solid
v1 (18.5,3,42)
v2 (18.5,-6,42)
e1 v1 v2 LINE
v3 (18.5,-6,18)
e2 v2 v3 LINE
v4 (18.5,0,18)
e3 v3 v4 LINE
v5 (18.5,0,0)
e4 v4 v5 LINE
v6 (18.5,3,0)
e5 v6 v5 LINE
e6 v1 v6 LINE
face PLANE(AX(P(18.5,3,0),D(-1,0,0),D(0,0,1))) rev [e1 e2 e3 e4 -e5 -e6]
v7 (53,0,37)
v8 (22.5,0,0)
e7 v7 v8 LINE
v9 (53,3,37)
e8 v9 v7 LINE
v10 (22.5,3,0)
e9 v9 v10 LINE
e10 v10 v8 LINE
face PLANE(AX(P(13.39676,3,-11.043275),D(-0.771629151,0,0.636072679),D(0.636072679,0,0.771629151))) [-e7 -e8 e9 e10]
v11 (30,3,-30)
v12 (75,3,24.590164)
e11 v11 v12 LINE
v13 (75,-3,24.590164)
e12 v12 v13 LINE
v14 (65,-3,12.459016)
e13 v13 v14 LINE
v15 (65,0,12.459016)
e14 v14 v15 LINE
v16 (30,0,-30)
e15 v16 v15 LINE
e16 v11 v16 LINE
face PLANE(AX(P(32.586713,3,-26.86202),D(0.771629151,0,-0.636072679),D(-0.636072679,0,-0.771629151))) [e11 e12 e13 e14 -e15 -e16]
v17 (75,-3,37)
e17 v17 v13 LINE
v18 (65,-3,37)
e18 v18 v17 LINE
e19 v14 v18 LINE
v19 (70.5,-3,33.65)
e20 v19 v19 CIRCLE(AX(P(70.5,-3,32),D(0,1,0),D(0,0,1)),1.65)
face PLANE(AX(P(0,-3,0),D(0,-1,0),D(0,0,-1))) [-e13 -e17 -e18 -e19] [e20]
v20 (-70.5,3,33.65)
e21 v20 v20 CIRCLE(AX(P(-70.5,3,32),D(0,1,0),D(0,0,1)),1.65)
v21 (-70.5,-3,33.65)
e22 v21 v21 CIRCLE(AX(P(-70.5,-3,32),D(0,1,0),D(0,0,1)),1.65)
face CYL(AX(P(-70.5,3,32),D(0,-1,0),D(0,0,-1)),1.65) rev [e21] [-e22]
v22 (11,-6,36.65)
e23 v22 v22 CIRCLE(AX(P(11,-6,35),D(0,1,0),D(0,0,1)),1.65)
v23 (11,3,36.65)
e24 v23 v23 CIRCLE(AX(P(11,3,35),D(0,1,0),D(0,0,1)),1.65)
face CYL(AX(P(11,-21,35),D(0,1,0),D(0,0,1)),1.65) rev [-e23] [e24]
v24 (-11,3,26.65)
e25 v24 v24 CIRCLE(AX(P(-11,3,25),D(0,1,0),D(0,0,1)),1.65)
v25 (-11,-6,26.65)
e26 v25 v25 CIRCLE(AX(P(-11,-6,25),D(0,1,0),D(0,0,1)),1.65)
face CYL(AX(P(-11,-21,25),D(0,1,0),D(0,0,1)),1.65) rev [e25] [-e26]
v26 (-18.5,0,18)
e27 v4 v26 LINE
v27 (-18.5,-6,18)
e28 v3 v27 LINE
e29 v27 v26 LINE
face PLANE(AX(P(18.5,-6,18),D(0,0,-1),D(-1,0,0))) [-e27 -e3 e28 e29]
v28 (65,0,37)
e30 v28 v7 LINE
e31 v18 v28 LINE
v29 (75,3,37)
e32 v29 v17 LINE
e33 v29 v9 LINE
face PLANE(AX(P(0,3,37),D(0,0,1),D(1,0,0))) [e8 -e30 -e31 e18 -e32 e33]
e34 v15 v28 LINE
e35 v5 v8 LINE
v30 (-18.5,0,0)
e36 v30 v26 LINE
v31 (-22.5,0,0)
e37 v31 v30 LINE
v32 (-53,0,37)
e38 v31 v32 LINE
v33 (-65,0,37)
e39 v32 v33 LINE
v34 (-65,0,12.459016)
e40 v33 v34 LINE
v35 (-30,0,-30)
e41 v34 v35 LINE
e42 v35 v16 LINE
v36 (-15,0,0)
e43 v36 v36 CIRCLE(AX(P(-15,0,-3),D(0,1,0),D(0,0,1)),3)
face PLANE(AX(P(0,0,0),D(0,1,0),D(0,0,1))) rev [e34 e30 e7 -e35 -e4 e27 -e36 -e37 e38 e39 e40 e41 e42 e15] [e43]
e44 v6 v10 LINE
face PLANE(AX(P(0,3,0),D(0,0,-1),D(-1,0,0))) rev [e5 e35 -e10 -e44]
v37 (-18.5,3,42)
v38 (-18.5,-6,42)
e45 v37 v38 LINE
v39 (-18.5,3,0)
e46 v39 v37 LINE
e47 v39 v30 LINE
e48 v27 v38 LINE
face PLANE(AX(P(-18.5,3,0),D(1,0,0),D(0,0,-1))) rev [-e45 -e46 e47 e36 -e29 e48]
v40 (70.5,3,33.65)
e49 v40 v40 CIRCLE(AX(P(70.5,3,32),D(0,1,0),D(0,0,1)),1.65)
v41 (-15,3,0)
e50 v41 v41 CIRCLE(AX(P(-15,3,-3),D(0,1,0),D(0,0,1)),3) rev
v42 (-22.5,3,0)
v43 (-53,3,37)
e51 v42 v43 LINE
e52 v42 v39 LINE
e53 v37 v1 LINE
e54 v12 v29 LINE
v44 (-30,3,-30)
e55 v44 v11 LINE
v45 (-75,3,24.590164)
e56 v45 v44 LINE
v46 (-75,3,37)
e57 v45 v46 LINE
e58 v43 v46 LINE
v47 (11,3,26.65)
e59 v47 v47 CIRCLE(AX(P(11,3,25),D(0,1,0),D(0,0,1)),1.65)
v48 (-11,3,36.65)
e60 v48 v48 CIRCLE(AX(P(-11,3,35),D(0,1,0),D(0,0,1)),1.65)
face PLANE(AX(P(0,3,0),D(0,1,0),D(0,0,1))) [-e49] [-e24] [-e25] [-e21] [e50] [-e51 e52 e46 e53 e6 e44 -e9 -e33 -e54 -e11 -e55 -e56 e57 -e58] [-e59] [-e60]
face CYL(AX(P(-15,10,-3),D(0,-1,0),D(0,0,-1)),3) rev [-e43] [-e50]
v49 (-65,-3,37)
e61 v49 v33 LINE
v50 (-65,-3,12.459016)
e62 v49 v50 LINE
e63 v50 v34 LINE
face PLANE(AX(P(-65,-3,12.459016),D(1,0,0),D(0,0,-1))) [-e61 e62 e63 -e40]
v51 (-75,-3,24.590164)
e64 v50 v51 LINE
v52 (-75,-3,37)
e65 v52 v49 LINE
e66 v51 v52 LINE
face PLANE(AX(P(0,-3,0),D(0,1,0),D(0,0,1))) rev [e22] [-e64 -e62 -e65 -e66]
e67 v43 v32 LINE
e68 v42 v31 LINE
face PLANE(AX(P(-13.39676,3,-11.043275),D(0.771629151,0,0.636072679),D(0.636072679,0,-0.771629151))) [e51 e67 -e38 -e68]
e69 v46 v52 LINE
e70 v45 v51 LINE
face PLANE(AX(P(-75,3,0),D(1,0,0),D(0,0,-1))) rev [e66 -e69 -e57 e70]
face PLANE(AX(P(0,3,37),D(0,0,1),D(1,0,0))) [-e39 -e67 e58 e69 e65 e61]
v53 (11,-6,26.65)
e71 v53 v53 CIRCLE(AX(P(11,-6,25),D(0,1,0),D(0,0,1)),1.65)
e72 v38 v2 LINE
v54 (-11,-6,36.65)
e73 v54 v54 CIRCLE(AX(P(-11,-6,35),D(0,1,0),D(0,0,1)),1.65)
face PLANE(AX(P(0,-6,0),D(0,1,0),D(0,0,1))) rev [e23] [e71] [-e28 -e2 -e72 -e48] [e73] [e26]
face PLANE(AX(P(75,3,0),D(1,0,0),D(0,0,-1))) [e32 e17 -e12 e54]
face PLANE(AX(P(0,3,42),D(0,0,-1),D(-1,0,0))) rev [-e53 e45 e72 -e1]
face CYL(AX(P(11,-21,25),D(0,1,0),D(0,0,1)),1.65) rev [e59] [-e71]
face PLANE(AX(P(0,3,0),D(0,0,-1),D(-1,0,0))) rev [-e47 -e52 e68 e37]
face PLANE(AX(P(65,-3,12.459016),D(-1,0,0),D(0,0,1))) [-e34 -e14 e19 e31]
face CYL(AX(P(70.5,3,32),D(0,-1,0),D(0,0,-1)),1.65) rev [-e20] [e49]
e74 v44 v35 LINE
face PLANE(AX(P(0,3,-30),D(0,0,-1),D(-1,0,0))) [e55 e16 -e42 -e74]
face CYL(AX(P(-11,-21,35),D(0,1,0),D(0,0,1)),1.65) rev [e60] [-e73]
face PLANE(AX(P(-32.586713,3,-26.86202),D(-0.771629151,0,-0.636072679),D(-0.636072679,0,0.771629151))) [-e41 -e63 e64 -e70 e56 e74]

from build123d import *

# Parameters (mm, degrees)
SKETCH1_R               = 1.65
BOSS_EXTRUDE1_DEPTH     = 3
SKETCH3_W               = 37
SKETCH3_H               = 24
BOSS_EXTRUDE3_DEPTH     = 6
CUT_EXTRUDE1_DEPTH      = 10
CUT_EXTRUDE1_DEPTH_BACK = 21
SKETCH4_R               = 1.65
CUT_EXTRUDE2_DEPTH      = 10
BOSS_EXTRUDE4_START     = -3
SKETCH7_R               = 1.65
BOSS_EXTRUDE4_DEPTH     = 3


with BuildPart() as part:
    # Sketch1 → Boss-Extrude1 (new body)
    with BuildSketch(Plane(origin=(0, 0, 0), x_dir=(1, 0, 0), z_dir=(0, 1, 0))):
        Polygon((-22.5, 0), (-18.5, 0), (-18.5, -42), (18.5, -42), (18.5, 0), (22.5, 0), (53, -37), (75, -37), (75, -24.590163934), (30, 30), (-30, 30), (-75, -24.590163934), (-75, -37), (-53, -37), align=None)
        with Locations(Location((70.5, -32, 0), (0, 0, 270))):
            Circle(SKETCH1_R, mode=Mode.SUBTRACT)
        with Locations(Location((-70.5, -32, 0), (0, 0, 270))):
            Circle(SKETCH1_R, mode=Mode.SUBTRACT)
    extrude(amount=BOSS_EXTRUDE1_DEPTH)

    # Sketch3 → Boss-Extrude3 (add)
    with BuildSketch(Plane(origin=(0, 0, 0), x_dir=(1, 0, 0), z_dir=(0, 1, 0))):
        with Locations((0, -30)):
            Rectangle(SKETCH3_W, SKETCH3_H)
    extrude(amount=-BOSS_EXTRUDE3_DEPTH)

    # Sketch4 → Cut-Extrude1 (cut, two sides: drawn at the far end of the back side and taken through both)
    with BuildSketch(Plane(origin=(0, 0, 0), x_dir=(1, 0, 0), z_dir=(0, 1, 0)).offset(-CUT_EXTRUDE1_DEPTH_BACK)):
        with Locations(Location((-11, -35, 0), (0, 0, 270))):
            Circle(SKETCH4_R)
        with Locations(Location((11, -35, 0), (0, 0, 270))):
            Circle(SKETCH4_R)
        with Locations(Location((-11, -25, 0), (0, 0, 270))):
            Circle(SKETCH4_R)
        with Locations(Location((11, -25, 0), (0, 0, 270))):
            Circle(SKETCH4_R)
    extrude(amount=CUT_EXTRUDE1_DEPTH + CUT_EXTRUDE1_DEPTH_BACK, mode=Mode.SUBTRACT)

    # Sketch5 → Cut-Extrude2 (cut)
    with BuildSketch(Plane(origin=(0, 0, 0), x_dir=(1, 0, 0), z_dir=(0, 1, 0))):
        with BuildLine():
            ThreePointArc((-15, 0), (-12, 3), (-15, 6))
            ThreePointArc((-15, 6), (-18, 3), (-15, 0))
        make_face()
    extrude(amount=CUT_EXTRUDE2_DEPTH, mode=Mode.SUBTRACT)

    # Sketch7 → Boss-Extrude4 (add)
    # profile 1 of 2: a face of its own
    with BuildSketch(Plane(origin=(0, 0, 0), x_dir=(1, 0, 0), z_dir=(0, 1, 0)).offset(BOSS_EXTRUDE4_START)):
        Polygon((65, -12.459016393), (65, -37), (75, -37), (75, -24.590163934), align=None)
        with Locations(Location((70.5, -32, 0), (0, 0, 270))):
            Circle(SKETCH7_R, mode=Mode.SUBTRACT)
    # profile 2 of 2: a face of its own
    with BuildSketch(Plane(origin=(0, 0, 0), x_dir=(1, 0, 0), z_dir=(0, 1, 0)).offset(BOSS_EXTRUDE4_START)):
        Polygon((-75, -24.590163934), (-65, -12.459016393), (-65, -37), (-75, -37), align=None)
        with Locations(Location((-70.5, -32, 0), (0, 0, 270))):
            Circle(SKETCH7_R, mode=Mode.SUBTRACT)
    extrude(amount=BOSS_EXTRUDE4_DEPTH)


solid = part.part
